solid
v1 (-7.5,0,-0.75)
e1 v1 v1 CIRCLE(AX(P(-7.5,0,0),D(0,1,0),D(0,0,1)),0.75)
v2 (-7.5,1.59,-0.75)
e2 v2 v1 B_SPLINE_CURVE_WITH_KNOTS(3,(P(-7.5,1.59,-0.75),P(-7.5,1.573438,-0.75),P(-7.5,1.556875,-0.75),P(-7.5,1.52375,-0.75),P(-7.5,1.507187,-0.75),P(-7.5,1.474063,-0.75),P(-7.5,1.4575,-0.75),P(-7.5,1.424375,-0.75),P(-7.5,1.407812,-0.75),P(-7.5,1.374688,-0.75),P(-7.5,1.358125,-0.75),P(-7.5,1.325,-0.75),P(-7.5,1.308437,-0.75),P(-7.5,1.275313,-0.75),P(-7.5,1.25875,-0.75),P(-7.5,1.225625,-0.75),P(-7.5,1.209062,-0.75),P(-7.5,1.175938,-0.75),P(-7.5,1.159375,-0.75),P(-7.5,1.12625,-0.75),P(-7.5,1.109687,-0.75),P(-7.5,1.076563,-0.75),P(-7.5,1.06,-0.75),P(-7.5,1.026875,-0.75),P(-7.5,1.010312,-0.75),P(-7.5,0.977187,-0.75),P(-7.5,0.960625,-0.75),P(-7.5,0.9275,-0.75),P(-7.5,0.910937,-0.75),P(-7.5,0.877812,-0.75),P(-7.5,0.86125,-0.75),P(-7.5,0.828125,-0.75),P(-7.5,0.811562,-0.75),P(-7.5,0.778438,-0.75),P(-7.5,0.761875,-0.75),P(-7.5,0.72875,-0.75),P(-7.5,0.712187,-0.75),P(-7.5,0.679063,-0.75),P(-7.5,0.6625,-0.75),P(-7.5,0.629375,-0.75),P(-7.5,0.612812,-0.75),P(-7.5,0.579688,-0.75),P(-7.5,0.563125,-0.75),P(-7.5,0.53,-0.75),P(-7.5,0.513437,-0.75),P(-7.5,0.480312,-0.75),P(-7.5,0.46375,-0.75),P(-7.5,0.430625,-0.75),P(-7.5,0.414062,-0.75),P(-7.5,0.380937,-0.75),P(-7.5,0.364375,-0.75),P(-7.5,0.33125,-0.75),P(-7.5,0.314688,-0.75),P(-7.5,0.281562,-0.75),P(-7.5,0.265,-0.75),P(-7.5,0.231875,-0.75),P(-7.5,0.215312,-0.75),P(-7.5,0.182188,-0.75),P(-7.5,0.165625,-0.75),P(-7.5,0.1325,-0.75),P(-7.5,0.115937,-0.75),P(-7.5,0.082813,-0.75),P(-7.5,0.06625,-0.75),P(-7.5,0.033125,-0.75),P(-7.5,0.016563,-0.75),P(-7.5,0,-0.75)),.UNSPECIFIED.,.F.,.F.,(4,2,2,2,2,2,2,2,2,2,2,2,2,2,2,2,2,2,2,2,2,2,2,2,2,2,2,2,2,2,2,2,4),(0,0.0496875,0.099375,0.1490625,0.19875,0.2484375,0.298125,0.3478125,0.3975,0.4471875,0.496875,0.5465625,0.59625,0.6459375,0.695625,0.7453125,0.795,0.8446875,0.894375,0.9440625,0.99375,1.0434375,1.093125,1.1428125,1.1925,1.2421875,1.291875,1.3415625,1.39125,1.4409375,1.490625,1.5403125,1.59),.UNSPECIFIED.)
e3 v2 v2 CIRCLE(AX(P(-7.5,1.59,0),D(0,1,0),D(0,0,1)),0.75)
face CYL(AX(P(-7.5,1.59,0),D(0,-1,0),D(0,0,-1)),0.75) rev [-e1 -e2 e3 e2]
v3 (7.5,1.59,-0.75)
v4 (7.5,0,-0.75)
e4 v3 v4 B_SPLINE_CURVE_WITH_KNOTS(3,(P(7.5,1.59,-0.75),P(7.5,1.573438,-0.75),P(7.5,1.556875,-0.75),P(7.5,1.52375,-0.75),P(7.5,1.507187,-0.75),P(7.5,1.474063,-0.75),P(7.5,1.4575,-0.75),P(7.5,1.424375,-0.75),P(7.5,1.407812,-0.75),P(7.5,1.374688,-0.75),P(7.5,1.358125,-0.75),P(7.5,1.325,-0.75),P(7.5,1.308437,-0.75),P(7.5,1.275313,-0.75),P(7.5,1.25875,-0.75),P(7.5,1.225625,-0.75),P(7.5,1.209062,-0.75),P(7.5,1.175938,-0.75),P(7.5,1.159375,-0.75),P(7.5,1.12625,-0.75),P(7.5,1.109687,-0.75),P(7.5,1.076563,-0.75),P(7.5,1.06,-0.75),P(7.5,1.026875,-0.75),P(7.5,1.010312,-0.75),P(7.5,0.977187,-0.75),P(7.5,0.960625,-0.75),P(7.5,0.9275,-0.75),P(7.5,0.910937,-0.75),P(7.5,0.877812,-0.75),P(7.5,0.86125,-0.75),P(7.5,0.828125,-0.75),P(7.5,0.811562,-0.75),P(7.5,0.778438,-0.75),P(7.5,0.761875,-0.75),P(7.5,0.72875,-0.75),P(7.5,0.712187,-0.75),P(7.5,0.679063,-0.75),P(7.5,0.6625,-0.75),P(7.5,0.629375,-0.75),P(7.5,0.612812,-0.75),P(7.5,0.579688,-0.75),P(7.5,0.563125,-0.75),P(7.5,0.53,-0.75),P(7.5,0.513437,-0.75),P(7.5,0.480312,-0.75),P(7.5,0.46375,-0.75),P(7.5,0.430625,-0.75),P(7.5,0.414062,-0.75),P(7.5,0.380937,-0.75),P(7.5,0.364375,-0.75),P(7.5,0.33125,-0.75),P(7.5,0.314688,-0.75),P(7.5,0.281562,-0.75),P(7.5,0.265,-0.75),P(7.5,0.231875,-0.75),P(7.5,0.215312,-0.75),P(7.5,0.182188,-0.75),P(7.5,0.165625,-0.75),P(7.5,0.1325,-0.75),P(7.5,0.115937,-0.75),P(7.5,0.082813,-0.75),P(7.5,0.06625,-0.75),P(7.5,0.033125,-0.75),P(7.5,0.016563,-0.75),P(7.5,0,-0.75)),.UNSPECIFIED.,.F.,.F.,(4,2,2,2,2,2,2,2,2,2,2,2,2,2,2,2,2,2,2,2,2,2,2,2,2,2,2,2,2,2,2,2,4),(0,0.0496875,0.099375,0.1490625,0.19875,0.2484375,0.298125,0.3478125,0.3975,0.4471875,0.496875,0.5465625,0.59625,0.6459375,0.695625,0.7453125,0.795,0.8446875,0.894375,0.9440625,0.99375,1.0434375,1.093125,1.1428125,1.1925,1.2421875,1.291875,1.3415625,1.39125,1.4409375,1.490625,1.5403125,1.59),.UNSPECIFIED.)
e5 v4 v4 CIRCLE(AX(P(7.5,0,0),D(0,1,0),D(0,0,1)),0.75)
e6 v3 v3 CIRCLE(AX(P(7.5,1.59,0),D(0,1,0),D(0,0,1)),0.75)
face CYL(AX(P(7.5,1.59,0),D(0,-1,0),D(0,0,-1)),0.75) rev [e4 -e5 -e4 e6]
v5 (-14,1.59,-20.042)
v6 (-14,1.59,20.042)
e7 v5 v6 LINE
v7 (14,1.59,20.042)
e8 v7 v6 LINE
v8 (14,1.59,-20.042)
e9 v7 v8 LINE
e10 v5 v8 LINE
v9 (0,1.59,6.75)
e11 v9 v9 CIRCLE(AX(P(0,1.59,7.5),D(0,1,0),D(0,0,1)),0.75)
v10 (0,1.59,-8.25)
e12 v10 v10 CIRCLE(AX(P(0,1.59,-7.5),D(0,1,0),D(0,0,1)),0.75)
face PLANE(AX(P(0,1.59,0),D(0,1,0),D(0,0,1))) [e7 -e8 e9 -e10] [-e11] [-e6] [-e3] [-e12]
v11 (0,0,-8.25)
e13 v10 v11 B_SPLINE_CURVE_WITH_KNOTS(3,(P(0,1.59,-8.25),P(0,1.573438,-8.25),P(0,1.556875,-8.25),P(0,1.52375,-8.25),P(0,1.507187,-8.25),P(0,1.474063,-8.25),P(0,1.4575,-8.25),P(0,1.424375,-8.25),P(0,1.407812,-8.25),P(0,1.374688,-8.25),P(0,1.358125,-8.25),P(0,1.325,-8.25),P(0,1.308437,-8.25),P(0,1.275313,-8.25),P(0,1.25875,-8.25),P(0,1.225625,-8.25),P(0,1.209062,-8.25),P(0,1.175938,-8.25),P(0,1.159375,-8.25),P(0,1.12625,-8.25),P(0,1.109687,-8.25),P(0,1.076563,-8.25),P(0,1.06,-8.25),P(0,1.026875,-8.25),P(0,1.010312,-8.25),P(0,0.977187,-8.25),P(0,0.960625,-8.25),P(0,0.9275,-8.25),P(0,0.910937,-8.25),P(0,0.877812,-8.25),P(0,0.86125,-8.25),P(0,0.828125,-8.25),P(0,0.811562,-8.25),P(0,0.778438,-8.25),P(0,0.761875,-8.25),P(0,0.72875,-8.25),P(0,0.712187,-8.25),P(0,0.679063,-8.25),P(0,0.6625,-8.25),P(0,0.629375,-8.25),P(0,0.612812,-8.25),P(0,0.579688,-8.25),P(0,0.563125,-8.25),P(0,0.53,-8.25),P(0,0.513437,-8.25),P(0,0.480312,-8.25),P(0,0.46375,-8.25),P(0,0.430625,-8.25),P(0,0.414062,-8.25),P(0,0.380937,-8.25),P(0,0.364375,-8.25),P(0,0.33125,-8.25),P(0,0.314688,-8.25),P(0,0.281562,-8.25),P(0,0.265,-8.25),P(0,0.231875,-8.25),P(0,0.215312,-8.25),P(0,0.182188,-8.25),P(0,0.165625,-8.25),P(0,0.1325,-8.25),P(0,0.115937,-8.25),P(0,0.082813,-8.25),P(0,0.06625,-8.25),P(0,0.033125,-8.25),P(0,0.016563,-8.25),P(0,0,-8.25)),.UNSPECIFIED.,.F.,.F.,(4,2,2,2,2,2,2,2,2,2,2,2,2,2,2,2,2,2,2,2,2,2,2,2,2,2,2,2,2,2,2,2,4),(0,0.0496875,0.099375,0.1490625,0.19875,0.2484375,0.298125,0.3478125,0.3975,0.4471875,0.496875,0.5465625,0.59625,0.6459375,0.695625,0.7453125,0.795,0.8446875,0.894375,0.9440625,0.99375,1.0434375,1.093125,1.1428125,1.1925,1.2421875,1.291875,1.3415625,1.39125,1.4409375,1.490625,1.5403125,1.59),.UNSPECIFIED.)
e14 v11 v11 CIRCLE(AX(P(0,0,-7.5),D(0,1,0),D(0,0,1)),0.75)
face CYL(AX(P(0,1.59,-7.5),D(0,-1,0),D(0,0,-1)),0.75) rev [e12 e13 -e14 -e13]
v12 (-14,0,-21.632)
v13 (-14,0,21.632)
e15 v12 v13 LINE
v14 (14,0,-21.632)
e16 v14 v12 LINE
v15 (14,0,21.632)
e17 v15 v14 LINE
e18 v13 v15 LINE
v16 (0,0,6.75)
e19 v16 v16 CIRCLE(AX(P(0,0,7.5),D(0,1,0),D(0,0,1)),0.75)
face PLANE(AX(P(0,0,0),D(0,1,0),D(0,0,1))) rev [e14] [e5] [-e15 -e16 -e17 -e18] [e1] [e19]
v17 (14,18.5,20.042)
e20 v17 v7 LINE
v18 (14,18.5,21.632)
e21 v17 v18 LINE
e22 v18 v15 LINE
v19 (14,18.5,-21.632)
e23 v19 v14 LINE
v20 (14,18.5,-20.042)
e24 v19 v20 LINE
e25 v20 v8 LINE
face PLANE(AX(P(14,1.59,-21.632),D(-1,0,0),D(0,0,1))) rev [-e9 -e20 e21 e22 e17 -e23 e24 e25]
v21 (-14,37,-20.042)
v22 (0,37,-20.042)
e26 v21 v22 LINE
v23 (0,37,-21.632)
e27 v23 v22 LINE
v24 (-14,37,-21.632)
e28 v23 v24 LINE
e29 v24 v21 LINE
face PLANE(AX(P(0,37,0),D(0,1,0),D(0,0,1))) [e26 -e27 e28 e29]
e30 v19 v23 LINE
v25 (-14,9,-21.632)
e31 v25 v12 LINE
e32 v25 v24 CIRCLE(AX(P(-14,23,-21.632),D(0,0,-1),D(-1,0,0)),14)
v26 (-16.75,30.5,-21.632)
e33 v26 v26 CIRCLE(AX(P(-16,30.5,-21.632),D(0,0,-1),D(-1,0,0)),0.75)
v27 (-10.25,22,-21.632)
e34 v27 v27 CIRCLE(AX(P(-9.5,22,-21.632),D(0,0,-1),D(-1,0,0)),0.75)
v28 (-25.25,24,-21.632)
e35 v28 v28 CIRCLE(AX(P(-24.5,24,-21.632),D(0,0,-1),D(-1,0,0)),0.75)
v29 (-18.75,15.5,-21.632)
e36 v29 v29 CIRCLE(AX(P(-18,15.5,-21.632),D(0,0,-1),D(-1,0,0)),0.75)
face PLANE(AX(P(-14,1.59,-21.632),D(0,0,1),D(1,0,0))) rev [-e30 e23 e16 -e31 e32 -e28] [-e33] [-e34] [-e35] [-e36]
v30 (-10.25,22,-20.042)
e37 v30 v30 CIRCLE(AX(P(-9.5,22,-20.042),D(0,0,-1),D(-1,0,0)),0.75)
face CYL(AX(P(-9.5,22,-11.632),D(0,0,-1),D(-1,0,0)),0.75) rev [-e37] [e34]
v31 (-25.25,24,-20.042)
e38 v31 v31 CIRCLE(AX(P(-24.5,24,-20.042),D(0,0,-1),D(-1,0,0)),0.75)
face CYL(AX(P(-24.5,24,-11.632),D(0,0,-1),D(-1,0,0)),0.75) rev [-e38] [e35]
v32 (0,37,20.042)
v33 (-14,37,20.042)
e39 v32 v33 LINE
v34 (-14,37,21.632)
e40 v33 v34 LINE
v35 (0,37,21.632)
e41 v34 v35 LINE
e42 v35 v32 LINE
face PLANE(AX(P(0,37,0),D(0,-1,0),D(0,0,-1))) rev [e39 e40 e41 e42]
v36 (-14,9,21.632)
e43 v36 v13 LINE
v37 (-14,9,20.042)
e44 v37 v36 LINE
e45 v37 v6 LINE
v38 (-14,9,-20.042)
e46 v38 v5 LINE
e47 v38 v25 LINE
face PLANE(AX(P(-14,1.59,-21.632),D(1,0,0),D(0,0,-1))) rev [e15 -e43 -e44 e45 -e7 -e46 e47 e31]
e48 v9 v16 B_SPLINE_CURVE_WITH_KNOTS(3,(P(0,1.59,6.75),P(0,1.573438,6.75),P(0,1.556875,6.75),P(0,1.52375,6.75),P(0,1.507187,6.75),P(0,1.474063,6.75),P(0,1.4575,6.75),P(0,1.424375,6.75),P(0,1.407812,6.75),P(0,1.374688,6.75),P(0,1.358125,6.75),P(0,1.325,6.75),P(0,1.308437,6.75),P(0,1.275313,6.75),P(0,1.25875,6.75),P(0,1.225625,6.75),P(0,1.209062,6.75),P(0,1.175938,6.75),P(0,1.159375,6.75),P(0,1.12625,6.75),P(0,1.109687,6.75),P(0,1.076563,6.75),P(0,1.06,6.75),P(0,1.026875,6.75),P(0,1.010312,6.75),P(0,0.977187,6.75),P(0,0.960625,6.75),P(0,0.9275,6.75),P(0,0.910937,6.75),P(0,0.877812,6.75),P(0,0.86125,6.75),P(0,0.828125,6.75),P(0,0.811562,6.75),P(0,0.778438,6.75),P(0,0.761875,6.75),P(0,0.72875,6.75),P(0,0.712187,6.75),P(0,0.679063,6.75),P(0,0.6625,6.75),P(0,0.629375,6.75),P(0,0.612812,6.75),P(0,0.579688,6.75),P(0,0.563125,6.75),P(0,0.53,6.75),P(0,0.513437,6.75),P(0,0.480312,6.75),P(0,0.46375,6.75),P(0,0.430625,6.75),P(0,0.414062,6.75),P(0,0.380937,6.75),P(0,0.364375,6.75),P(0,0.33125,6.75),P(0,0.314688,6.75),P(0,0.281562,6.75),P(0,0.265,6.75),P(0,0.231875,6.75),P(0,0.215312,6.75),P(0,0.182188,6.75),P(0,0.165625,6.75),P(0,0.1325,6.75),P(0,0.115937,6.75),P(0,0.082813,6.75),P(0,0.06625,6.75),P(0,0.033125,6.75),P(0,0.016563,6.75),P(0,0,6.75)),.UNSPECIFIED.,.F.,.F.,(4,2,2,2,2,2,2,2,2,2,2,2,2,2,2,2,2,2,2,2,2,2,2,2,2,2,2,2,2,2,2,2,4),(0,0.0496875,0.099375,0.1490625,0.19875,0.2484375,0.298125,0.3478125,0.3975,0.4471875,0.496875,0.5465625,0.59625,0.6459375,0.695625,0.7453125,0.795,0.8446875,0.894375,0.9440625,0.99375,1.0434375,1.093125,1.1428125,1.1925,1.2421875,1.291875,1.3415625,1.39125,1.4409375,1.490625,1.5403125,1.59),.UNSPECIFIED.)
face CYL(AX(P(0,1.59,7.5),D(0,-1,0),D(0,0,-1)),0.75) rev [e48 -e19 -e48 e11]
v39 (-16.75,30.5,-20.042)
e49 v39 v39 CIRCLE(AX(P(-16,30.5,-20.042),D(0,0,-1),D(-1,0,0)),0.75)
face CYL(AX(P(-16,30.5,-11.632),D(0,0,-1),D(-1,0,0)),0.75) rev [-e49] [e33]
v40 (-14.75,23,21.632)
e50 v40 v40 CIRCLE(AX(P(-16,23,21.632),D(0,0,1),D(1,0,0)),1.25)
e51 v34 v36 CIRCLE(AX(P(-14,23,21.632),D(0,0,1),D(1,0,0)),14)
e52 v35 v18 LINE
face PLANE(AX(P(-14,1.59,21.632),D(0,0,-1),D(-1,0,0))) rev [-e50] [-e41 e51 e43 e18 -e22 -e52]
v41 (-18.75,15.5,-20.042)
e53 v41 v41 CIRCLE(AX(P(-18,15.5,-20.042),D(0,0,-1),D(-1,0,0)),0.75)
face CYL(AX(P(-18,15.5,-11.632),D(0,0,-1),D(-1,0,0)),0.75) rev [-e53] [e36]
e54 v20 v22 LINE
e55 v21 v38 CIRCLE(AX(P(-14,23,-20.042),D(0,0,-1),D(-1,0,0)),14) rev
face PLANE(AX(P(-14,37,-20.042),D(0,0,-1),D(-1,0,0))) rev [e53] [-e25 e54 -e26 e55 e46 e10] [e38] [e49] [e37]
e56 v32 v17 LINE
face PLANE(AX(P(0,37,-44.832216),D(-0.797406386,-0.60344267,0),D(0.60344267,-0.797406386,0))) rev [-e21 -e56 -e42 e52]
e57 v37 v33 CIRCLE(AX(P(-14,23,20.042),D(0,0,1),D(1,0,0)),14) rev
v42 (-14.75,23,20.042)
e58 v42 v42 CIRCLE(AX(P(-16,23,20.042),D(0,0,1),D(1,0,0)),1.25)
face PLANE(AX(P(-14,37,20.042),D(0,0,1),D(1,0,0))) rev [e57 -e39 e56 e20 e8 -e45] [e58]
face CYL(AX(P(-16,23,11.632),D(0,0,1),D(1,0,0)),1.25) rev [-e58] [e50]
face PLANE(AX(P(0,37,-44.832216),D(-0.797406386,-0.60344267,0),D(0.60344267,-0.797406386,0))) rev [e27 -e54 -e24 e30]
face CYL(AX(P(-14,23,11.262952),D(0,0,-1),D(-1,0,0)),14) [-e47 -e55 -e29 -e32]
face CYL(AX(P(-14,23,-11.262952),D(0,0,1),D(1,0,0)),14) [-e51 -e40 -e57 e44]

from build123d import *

# Parameters (mm, degrees)
SKETCH1_W           = 28
SKETCH1_H           = 43.264
SKETCH1_R           = 0.75
BOSS_EXTRUDE1_DEPTH = 1.59
SKETCH2_W           = 28
SKETCH2_H           = 1.59
BOSS_EXTRUDE2_DEPTH = 35.41
BOSS_EXTRUDE5_DEPTH = 1.59
BOSS_EXTRUDE6_START = -1.59
BOSS_EXTRUDE6_DEPTH = 1.59
SKETCH9_R           = 0.75
CUT_EXTRUDE3_DEPTH  = 10
SKETCH10_R          = 1.25
CUT_EXTRUDE4_DEPTH  = 10
CUT_EXTRUDE5_REACH  = 65.441


with BuildPart() as part:
    # Sketch1 → Boss-Extrude1 (new body)
    with BuildSketch(Plane(origin=(0, 0, 0), x_dir=(1, 0, 0), z_dir=(0, 1, 0))):
        Rectangle(SKETCH1_W, SKETCH1_H)
        with Locations(Location((0, 7.5, 0), (0, 0, 90))):
            Circle(SKETCH1_R, mode=Mode.SUBTRACT)
        with Locations(Location((0, -7.5, 0), (0, 0, 90))):
            Circle(SKETCH1_R, mode=Mode.SUBTRACT)
        with Locations(Location((7.5, 0, 0), (0, 0, 90))):
            Circle(SKETCH1_R, mode=Mode.SUBTRACT)
        with Locations(Location((-7.5, 0, 0), (0, 0, 90))):
            Circle(SKETCH1_R, mode=Mode.SUBTRACT)
    extrude(amount=BOSS_EXTRUDE1_DEPTH)

    # Sketch2 → Boss-Extrude2 (add)
    with BuildSketch(Plane(origin=(0, 1.59, 0), x_dir=(1, 0, 0), z_dir=(0, 1, 0))):
        with Locations((0, 20.837)):
            Rectangle(SKETCH2_W, SKETCH2_H)
        with Locations((0, -20.837)):
            Rectangle(SKETCH2_W, SKETCH2_H)
    extrude(amount=BOSS_EXTRUDE2_DEPTH)

    # Sketch7 → Boss-Extrude5 (add)
    with BuildSketch(Plane(origin=(0, 0, -21.632), x_dir=(-1, 0, 0), z_dir=(0, 0, -1))):
        with BuildLine():
            Line((14, 37), (14, 9))
            ThreePointArc((14, 9), (28, 23), (14, 37))
        make_face()
    extrude(amount=-BOSS_EXTRUDE5_DEPTH)

    # Sketch8 → Boss-Extrude6 (add)
    with BuildSketch(Plane.XY.offset(21.632).offset(BOSS_EXTRUDE6_START)):
        with BuildLine():
            Line((-14, 37), (-14, 9))
            ThreePointArc((-14, 9), (-28, 23), (-14, 37))
        make_face()
    extrude(amount=BOSS_EXTRUDE6_DEPTH)

    # Sketch9 → Cut-Extrude3 (cut)
    with BuildSketch(Plane(origin=(0, 0, -21.632), x_dir=(-1, 0, 0), z_dir=(0, 0, -1))):
        with Locations((16, 30.5)):
            Circle(SKETCH9_R)
        with Locations((24.5, 24)):
            Circle(SKETCH9_R)
        with Locations((18, 15.5)):
            Circle(SKETCH9_R)
        with Locations((9.5, 22)):
            Circle(SKETCH9_R)
    extrude(amount=-CUT_EXTRUDE3_DEPTH, mode=Mode.SUBTRACT)

    # Sketch10 → Cut-Extrude4 (cut)
    with BuildSketch(Plane.XY.offset(21.632)):
        with Locations((-16, 23)):
            Circle(SKETCH10_R)
    extrude(amount=-CUT_EXTRUDE4_DEPTH, mode=Mode.SUBTRACT)

    # Cut-Extrude5: up to this face of the body (flat: up to its plane)
    cut_extrude5_end = Plane(part.part.faces().sort_by_distance((-4.502841696, 19.512586882, -21.632))[0])
    # Sketch11 → Cut-Extrude5 (cut, up to the picked face)
    with BuildSketch(Plane.XY.offset(21.632), mode=Mode.PRIVATE) as cut_extrude5_sk1:
        Polygon((0, 37), (14, 18.5), (14, 37), align=None)
    cut_extrude5_tool1 = split(extrude(cut_extrude5_sk1.sketch, amount=-CUT_EXTRUDE5_REACH, mode=Mode.PRIVATE), bisect_by=cut_extrude5_end, keep=Keep.BOTH, mode=Mode.PRIVATE)
    add(cut_extrude5_tool1.solids().sort_by(Axis((9.333333, 30.833333, 21.632), (0, 0, -1)))[0], mode=Mode.SUBTRACT)


solid = part.part
